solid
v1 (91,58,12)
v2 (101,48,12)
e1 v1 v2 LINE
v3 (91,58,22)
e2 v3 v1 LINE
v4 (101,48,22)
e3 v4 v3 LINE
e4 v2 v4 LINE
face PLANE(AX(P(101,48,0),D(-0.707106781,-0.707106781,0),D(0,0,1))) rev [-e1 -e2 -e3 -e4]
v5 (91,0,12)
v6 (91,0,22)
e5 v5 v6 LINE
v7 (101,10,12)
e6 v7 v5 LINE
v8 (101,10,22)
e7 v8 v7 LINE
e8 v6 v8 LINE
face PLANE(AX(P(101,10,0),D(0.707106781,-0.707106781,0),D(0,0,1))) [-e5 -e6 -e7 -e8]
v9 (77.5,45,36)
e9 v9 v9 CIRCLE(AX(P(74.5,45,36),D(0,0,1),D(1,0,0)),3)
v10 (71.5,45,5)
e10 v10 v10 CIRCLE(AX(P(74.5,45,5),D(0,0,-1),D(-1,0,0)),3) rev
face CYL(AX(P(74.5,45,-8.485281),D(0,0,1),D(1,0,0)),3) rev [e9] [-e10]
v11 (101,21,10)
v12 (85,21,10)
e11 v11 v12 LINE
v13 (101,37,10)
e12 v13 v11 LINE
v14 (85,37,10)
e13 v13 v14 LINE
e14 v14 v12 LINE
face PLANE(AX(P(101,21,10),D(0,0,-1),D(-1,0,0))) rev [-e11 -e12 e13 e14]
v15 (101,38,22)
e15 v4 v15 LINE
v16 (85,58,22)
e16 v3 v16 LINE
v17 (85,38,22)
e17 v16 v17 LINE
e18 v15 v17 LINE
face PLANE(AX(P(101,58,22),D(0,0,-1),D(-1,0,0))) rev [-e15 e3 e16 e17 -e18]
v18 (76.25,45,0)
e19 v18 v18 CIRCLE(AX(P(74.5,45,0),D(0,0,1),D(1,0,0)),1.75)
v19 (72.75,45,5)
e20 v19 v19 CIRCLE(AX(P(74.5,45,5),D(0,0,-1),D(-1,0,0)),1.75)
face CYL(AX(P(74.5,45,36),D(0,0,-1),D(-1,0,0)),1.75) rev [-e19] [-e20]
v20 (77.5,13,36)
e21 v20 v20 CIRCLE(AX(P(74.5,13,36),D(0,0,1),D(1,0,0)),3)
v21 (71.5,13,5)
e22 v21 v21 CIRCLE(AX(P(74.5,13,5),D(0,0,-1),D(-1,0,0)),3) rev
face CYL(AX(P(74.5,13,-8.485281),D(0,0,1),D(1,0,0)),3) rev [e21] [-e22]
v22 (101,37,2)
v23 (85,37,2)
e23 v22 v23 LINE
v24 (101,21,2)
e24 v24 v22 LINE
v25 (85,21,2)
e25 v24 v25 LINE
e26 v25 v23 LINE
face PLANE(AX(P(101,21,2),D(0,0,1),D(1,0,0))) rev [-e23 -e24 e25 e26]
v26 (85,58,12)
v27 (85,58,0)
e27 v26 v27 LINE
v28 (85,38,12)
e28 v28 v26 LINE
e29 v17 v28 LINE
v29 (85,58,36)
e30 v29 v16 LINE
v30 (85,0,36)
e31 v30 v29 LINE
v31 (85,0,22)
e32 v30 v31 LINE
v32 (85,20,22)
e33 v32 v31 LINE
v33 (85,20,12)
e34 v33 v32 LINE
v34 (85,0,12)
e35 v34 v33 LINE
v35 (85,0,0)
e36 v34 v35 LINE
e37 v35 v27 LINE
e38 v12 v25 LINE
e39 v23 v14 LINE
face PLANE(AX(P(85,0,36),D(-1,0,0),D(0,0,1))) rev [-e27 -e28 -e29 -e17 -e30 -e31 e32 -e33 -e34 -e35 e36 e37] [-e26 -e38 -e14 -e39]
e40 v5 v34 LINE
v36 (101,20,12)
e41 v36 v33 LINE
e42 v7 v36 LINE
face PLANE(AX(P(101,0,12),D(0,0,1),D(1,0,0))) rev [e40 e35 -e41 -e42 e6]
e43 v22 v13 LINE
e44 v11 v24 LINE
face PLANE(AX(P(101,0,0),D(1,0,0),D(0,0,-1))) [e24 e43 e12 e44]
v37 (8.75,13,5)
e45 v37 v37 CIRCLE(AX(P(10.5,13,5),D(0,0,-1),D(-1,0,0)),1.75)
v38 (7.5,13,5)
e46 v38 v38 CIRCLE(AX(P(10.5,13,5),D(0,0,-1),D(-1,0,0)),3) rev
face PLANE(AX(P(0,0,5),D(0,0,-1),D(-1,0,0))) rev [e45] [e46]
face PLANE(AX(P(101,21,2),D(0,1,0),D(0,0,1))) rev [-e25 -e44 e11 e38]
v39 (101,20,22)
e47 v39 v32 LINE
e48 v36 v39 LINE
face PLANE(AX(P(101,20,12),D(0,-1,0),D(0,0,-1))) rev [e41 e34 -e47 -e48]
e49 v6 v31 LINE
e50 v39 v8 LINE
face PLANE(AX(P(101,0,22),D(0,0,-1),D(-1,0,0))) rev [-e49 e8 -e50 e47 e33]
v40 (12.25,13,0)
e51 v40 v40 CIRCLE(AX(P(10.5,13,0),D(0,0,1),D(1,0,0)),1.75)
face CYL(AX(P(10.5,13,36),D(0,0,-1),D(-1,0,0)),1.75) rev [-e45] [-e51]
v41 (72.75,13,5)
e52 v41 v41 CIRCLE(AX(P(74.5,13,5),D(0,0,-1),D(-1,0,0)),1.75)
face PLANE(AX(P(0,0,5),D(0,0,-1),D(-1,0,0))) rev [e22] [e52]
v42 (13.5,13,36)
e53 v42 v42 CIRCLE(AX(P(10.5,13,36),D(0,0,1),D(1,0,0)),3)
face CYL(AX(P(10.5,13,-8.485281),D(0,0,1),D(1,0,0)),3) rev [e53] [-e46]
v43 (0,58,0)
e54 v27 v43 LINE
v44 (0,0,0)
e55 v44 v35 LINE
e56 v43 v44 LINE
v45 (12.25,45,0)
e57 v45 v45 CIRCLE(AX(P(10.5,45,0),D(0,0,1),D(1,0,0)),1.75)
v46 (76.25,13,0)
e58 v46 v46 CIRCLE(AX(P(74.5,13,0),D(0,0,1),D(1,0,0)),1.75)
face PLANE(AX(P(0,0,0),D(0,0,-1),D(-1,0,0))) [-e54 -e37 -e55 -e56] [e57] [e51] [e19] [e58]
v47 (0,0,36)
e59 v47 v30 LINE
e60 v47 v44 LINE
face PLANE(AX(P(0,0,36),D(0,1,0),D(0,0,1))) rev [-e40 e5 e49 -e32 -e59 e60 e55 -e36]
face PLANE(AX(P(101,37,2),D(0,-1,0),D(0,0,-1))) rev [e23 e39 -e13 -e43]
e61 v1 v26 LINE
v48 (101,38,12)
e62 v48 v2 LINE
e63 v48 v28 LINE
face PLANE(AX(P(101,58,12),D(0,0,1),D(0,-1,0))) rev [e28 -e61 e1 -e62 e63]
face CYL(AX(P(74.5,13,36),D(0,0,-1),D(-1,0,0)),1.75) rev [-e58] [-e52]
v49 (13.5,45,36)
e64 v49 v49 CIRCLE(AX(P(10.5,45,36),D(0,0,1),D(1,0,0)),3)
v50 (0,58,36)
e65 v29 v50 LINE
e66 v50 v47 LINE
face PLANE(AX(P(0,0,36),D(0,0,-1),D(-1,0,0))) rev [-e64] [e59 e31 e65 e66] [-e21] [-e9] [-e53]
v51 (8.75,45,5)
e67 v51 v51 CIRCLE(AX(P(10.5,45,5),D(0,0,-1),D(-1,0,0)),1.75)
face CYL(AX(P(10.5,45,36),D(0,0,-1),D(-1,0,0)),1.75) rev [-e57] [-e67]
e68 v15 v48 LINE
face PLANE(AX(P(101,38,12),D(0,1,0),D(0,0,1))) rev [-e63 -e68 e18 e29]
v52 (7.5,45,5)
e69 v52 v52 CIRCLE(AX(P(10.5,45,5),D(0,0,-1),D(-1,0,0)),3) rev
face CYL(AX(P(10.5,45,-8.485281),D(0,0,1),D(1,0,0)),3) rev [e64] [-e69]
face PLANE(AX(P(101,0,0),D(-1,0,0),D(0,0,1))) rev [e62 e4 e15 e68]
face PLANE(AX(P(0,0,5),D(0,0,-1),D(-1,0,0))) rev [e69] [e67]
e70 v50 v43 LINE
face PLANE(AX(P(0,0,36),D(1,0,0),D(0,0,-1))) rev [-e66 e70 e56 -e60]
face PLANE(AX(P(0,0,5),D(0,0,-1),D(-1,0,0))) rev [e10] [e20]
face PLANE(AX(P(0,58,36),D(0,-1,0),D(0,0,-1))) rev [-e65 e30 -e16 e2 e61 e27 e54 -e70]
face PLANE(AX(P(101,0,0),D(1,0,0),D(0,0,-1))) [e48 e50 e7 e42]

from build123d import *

# Parameters (mm, degrees)
SKETCH_1_W          = 85
SKETCH_1_H          = 58
SKETCH_1_R          = 1.75
EXTRUDE_1_DEPTH     = 36
SKETCH_2_R          = 3
CUT_EXTRUDE_1_DEPTH = 31
SKETCH_5_W          = 8
SKETCH_5_H          = 16
EXTRUDE_867_DEPTH   = 16
SKETCH_6_W          = 10
SKETCH_6_H          = 20
EXTRUDE_2_DEPTH     = 16
CHAMFER_1_SIZE      = 10


with BuildPart() as part:
    # 草图1 → 凸台-拉伸1 (new body)
    with BuildSketch(Plane.XY):
        with Locations((42.5, 29)):
            Rectangle(SKETCH_1_W, SKETCH_1_H)
        with Locations((10.5, 45)):
            Circle(SKETCH_1_R, mode=Mode.SUBTRACT)
        with Locations((74.5, 45)):
            Circle(SKETCH_1_R, mode=Mode.SUBTRACT)
        with Locations((10.5, 13)):
            Circle(SKETCH_1_R, mode=Mode.SUBTRACT)
        with Locations((74.5, 13)):
            Circle(SKETCH_1_R, mode=Mode.SUBTRACT)
    extrude(amount=EXTRUDE_1_DEPTH)

    # 草图2 → 切除-拉伸1 (cut)
    with BuildSketch(Plane.XY.offset(36)):
        with Locations((10.5, 45)):
            Circle(SKETCH_2_R)
        with Locations((74.5, 45)):
            Circle(SKETCH_2_R)
        with Locations((74.5, 13)):
            Circle(SKETCH_2_R)
        with Locations((10.5, 13)):
            Circle(SKETCH_2_R)
    extrude(amount=-CUT_EXTRUDE_1_DEPTH, mode=Mode.SUBTRACT)

    # 草图5 → Extrude 867 (add)
    with BuildSketch(Plane(origin=(85, 0, 0), x_dir=(0, 0, -1), z_dir=(1, 0, 0))):
        with Locations((-6, 29)):
            Rectangle(SKETCH_5_W, SKETCH_5_H)
    extrude(amount=EXTRUDE_867_DEPTH)

    # 草图6 → 凸台-拉伸2 (add)
    with BuildSketch(Plane(origin=(85, 0, 0), x_dir=(0, 0, -1), z_dir=(1, 0, 0))):
        with Locations((-17, 48)):
            Rectangle(SKETCH_6_W, SKETCH_6_H)
        with Locations((-17, 10)):
            Rectangle(SKETCH_6_W, SKETCH_6_H)
    extrude(amount=EXTRUDE_2_DEPTH)

    # 倒角1
    chamfer_1_edges = [part.edges().sort_by_distance(p)[0] for p in [
        (101, 58, 17),
        (101, 0, 17),
    ]]
    chamfer(chamfer_1_edges, length=CHAMFER_1_SIZE)


solid = part.part
